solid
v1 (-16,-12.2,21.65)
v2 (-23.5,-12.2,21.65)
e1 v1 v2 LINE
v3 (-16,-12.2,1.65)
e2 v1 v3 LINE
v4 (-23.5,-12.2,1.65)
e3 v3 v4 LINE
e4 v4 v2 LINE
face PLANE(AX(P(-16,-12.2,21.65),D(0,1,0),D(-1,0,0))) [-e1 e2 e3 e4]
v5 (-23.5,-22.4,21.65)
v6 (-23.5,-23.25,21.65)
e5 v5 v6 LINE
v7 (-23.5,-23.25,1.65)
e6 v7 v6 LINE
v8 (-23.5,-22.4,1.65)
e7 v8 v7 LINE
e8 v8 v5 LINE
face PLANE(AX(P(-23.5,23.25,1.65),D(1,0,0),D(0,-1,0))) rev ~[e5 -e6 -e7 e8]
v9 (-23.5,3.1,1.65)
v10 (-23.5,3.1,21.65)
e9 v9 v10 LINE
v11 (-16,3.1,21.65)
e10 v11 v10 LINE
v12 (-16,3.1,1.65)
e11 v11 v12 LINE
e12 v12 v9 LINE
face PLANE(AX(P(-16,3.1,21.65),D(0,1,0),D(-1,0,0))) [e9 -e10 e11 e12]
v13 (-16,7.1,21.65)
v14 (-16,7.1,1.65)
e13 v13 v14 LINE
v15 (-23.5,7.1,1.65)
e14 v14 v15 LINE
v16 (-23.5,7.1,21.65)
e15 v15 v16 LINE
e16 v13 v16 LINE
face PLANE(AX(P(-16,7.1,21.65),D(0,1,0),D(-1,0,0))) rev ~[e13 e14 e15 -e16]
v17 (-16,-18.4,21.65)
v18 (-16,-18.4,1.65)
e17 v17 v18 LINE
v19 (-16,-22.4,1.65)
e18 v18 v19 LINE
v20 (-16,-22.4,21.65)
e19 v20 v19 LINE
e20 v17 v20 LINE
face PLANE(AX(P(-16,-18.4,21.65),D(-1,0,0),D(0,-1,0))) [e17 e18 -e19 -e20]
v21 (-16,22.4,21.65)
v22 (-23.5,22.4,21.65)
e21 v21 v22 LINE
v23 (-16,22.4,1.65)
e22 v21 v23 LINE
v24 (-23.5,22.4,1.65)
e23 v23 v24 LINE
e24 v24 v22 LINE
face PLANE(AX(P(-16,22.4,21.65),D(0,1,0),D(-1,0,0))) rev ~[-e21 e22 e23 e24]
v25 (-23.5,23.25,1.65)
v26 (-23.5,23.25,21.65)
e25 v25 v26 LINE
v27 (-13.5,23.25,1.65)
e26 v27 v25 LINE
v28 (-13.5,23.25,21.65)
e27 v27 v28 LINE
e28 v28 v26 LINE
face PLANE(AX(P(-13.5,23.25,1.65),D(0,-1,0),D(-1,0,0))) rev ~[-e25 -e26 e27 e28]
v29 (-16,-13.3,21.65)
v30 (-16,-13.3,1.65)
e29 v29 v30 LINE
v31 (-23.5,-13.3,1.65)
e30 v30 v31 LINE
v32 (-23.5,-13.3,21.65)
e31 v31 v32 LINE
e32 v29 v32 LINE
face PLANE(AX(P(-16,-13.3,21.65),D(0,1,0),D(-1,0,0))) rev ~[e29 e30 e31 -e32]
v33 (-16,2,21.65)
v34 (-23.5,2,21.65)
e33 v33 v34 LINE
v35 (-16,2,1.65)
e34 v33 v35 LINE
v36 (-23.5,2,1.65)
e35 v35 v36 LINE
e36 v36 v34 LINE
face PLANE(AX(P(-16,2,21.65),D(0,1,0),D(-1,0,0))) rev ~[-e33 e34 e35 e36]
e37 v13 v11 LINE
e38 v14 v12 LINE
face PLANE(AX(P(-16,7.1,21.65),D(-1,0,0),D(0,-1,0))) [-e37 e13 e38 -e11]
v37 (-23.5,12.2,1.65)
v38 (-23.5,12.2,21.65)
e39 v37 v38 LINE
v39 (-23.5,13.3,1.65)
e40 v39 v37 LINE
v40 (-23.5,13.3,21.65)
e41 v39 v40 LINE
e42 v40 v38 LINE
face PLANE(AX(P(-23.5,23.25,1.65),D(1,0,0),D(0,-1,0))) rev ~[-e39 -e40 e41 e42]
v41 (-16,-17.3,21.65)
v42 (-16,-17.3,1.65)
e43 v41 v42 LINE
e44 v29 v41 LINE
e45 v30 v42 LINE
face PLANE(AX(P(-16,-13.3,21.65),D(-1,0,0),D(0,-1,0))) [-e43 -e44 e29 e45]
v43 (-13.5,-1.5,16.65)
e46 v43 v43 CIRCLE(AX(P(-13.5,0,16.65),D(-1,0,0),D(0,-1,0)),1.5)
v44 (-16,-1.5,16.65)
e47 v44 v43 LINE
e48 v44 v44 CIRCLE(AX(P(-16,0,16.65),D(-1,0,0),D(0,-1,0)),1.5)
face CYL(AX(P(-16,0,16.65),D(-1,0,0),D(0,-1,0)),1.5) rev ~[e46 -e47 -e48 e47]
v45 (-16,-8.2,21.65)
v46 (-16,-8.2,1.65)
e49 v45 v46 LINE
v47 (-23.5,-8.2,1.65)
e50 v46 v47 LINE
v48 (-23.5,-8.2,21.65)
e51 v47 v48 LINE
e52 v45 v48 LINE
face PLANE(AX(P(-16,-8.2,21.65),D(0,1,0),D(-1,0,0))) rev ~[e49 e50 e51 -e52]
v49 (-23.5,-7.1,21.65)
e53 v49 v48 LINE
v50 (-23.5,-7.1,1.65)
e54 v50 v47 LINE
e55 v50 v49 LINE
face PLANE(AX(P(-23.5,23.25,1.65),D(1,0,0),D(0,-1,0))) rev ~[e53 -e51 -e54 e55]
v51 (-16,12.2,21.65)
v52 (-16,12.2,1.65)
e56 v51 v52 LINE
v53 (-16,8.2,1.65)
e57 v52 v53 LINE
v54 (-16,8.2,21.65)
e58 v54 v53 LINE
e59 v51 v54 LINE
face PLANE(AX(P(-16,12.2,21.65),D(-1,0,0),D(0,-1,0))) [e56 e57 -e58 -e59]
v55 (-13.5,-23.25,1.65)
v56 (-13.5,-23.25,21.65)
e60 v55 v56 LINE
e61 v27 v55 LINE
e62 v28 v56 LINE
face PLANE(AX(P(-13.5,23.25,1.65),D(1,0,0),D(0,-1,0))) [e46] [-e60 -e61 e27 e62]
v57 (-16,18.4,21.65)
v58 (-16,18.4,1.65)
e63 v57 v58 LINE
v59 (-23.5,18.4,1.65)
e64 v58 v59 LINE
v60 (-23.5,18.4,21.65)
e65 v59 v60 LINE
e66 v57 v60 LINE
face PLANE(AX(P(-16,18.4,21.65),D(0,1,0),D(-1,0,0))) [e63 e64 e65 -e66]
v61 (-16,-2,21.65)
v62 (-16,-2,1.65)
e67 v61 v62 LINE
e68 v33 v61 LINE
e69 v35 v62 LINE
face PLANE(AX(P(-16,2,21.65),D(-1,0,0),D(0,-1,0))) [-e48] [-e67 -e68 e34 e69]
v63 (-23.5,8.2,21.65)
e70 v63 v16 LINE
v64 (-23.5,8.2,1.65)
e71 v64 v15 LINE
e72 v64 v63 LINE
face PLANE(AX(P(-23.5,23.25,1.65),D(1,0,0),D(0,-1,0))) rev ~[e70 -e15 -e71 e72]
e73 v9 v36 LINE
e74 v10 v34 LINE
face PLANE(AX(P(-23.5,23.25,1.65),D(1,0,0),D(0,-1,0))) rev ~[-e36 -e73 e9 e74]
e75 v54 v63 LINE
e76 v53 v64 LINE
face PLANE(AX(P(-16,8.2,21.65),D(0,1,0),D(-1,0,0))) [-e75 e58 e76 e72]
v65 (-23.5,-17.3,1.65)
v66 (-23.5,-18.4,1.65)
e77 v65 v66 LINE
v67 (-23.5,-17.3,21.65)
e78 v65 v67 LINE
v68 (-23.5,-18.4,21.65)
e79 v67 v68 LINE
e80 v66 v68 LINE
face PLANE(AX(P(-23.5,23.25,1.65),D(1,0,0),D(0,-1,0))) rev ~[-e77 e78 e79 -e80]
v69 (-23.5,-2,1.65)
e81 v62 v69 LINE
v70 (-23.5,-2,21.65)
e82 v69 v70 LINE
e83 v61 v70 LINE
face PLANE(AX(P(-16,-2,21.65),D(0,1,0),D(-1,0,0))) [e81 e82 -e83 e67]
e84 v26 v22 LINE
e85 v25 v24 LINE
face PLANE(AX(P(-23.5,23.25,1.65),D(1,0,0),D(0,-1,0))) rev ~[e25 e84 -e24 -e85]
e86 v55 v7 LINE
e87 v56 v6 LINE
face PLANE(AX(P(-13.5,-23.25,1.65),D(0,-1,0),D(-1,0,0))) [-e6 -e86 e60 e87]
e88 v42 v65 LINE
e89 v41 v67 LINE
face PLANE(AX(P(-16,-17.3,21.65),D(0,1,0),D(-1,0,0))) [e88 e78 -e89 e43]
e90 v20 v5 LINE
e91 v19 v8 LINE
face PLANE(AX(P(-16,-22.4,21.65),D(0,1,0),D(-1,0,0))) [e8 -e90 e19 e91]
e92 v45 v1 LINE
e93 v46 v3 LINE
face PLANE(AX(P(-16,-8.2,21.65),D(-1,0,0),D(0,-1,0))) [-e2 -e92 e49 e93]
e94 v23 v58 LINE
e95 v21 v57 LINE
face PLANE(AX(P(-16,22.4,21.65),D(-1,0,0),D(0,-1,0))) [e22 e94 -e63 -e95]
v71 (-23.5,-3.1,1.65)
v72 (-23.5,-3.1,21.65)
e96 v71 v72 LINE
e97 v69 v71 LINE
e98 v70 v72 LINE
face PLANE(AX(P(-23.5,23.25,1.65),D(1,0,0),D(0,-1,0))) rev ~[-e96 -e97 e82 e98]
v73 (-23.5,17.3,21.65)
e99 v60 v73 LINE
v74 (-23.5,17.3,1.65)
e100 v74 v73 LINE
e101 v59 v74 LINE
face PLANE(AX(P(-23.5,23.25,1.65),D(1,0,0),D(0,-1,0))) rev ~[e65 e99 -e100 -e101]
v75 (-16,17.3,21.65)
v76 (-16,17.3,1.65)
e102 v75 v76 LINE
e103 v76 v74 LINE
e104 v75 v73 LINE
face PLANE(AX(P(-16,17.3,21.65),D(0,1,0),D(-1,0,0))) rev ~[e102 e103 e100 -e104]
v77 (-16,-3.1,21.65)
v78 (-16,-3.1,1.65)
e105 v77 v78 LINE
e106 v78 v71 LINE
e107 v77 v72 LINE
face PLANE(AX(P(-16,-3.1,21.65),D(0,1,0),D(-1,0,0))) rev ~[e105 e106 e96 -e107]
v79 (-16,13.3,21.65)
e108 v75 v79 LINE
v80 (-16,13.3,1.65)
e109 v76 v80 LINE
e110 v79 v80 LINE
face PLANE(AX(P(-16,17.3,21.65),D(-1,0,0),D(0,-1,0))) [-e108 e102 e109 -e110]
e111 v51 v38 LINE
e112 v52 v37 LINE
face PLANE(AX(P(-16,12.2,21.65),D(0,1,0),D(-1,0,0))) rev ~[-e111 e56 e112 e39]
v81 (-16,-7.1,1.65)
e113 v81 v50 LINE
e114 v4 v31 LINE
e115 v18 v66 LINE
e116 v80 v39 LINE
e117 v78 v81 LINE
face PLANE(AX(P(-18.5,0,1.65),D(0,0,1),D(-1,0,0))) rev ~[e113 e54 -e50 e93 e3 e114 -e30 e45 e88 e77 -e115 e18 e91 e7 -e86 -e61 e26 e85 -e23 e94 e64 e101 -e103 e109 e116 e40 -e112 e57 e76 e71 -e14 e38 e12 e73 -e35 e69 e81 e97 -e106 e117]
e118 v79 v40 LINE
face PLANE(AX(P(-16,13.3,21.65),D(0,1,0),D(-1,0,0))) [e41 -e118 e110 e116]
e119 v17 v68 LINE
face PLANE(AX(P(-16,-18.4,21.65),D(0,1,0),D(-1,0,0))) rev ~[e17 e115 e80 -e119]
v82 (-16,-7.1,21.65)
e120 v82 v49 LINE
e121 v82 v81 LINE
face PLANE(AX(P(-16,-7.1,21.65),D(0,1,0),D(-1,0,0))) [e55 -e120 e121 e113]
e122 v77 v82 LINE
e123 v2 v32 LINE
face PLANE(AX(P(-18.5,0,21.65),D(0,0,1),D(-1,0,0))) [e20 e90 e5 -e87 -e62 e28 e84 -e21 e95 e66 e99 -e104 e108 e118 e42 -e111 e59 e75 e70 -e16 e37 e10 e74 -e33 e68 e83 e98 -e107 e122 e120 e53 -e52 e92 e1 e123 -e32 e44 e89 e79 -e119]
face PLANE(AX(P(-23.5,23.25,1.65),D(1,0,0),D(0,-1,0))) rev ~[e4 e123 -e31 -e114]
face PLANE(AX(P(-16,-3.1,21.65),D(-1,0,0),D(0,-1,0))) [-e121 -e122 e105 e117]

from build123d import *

# Parameters (mm, degrees)
SKETCH007_W             = 10
SKETCH007_H             = 46.5
PAD002_DEPTH            = 20
SKETCH006_W             = 10
SKETCH006_H             = 4
POCKET003_DEPTH         = 20
SKETCH005_R             = 1.5
POCKET004_DEPTH         = 5
BODY002_PLACEMENT_ANGLE = 180


with BuildPart() as part:
    # Sketch007 → Pad002 (new body)
    with BuildSketch(Plane.XY):
        Rectangle(SKETCH007_W, SKETCH007_H)
    extrude(amount=PAD002_DEPTH)

    # Sketch006 (on Face6 of Pad002) → Pocket003 (cut)
    with BuildSketch(Plane.XY.offset(20)):
        with Locations((2.5, 20.4)):
            Rectangle(SKETCH006_W, SKETCH006_H)
        with Locations((2.5, 10.2)):
            Rectangle(SKETCH006_W, SKETCH006_H)
        with Locations((2.5, 15.3)):
            Rectangle(SKETCH006_W, SKETCH006_H)
        with Locations((2.5, 5.1)):
            Rectangle(SKETCH006_W, SKETCH006_H)
        with Locations((2.5, 0)):
            Rectangle(SKETCH006_W, SKETCH006_H)
        with Locations((2.5, -20.4)):
            Rectangle(SKETCH006_W, SKETCH006_H)
        with Locations((2.5, -15.3)):
            Rectangle(SKETCH006_W, SKETCH006_H)
        with Locations((2.5, -10.2)):
            Rectangle(SKETCH006_W, SKETCH006_H)
        with Locations((2.5, -5.1)):
            Rectangle(SKETCH006_W, SKETCH006_H)
    extrude(amount=-POCKET003_DEPTH, mode=Mode.SUBTRACT)

    # Sketch005 (on Face26 of Pocket003) → Pocket004 (cut)
    with BuildSketch(Plane.YZ.offset(-2.5)):
        with Locations((0, 15)):
            Circle(SKETCH005_R)
    extrude(amount=-POCKET004_DEPTH, mode=Mode.SUBTRACT)


with BuildPart() as part_1:
    # Body002 placement: moved
    add(part.part.moved(Location((-18.5, 0, 1.65))).rotate(Axis((-18.5, 0, 1.65), (0, 0, 1)), BODY002_PLACEMENT_ANGLE))


solid = part_1.part
